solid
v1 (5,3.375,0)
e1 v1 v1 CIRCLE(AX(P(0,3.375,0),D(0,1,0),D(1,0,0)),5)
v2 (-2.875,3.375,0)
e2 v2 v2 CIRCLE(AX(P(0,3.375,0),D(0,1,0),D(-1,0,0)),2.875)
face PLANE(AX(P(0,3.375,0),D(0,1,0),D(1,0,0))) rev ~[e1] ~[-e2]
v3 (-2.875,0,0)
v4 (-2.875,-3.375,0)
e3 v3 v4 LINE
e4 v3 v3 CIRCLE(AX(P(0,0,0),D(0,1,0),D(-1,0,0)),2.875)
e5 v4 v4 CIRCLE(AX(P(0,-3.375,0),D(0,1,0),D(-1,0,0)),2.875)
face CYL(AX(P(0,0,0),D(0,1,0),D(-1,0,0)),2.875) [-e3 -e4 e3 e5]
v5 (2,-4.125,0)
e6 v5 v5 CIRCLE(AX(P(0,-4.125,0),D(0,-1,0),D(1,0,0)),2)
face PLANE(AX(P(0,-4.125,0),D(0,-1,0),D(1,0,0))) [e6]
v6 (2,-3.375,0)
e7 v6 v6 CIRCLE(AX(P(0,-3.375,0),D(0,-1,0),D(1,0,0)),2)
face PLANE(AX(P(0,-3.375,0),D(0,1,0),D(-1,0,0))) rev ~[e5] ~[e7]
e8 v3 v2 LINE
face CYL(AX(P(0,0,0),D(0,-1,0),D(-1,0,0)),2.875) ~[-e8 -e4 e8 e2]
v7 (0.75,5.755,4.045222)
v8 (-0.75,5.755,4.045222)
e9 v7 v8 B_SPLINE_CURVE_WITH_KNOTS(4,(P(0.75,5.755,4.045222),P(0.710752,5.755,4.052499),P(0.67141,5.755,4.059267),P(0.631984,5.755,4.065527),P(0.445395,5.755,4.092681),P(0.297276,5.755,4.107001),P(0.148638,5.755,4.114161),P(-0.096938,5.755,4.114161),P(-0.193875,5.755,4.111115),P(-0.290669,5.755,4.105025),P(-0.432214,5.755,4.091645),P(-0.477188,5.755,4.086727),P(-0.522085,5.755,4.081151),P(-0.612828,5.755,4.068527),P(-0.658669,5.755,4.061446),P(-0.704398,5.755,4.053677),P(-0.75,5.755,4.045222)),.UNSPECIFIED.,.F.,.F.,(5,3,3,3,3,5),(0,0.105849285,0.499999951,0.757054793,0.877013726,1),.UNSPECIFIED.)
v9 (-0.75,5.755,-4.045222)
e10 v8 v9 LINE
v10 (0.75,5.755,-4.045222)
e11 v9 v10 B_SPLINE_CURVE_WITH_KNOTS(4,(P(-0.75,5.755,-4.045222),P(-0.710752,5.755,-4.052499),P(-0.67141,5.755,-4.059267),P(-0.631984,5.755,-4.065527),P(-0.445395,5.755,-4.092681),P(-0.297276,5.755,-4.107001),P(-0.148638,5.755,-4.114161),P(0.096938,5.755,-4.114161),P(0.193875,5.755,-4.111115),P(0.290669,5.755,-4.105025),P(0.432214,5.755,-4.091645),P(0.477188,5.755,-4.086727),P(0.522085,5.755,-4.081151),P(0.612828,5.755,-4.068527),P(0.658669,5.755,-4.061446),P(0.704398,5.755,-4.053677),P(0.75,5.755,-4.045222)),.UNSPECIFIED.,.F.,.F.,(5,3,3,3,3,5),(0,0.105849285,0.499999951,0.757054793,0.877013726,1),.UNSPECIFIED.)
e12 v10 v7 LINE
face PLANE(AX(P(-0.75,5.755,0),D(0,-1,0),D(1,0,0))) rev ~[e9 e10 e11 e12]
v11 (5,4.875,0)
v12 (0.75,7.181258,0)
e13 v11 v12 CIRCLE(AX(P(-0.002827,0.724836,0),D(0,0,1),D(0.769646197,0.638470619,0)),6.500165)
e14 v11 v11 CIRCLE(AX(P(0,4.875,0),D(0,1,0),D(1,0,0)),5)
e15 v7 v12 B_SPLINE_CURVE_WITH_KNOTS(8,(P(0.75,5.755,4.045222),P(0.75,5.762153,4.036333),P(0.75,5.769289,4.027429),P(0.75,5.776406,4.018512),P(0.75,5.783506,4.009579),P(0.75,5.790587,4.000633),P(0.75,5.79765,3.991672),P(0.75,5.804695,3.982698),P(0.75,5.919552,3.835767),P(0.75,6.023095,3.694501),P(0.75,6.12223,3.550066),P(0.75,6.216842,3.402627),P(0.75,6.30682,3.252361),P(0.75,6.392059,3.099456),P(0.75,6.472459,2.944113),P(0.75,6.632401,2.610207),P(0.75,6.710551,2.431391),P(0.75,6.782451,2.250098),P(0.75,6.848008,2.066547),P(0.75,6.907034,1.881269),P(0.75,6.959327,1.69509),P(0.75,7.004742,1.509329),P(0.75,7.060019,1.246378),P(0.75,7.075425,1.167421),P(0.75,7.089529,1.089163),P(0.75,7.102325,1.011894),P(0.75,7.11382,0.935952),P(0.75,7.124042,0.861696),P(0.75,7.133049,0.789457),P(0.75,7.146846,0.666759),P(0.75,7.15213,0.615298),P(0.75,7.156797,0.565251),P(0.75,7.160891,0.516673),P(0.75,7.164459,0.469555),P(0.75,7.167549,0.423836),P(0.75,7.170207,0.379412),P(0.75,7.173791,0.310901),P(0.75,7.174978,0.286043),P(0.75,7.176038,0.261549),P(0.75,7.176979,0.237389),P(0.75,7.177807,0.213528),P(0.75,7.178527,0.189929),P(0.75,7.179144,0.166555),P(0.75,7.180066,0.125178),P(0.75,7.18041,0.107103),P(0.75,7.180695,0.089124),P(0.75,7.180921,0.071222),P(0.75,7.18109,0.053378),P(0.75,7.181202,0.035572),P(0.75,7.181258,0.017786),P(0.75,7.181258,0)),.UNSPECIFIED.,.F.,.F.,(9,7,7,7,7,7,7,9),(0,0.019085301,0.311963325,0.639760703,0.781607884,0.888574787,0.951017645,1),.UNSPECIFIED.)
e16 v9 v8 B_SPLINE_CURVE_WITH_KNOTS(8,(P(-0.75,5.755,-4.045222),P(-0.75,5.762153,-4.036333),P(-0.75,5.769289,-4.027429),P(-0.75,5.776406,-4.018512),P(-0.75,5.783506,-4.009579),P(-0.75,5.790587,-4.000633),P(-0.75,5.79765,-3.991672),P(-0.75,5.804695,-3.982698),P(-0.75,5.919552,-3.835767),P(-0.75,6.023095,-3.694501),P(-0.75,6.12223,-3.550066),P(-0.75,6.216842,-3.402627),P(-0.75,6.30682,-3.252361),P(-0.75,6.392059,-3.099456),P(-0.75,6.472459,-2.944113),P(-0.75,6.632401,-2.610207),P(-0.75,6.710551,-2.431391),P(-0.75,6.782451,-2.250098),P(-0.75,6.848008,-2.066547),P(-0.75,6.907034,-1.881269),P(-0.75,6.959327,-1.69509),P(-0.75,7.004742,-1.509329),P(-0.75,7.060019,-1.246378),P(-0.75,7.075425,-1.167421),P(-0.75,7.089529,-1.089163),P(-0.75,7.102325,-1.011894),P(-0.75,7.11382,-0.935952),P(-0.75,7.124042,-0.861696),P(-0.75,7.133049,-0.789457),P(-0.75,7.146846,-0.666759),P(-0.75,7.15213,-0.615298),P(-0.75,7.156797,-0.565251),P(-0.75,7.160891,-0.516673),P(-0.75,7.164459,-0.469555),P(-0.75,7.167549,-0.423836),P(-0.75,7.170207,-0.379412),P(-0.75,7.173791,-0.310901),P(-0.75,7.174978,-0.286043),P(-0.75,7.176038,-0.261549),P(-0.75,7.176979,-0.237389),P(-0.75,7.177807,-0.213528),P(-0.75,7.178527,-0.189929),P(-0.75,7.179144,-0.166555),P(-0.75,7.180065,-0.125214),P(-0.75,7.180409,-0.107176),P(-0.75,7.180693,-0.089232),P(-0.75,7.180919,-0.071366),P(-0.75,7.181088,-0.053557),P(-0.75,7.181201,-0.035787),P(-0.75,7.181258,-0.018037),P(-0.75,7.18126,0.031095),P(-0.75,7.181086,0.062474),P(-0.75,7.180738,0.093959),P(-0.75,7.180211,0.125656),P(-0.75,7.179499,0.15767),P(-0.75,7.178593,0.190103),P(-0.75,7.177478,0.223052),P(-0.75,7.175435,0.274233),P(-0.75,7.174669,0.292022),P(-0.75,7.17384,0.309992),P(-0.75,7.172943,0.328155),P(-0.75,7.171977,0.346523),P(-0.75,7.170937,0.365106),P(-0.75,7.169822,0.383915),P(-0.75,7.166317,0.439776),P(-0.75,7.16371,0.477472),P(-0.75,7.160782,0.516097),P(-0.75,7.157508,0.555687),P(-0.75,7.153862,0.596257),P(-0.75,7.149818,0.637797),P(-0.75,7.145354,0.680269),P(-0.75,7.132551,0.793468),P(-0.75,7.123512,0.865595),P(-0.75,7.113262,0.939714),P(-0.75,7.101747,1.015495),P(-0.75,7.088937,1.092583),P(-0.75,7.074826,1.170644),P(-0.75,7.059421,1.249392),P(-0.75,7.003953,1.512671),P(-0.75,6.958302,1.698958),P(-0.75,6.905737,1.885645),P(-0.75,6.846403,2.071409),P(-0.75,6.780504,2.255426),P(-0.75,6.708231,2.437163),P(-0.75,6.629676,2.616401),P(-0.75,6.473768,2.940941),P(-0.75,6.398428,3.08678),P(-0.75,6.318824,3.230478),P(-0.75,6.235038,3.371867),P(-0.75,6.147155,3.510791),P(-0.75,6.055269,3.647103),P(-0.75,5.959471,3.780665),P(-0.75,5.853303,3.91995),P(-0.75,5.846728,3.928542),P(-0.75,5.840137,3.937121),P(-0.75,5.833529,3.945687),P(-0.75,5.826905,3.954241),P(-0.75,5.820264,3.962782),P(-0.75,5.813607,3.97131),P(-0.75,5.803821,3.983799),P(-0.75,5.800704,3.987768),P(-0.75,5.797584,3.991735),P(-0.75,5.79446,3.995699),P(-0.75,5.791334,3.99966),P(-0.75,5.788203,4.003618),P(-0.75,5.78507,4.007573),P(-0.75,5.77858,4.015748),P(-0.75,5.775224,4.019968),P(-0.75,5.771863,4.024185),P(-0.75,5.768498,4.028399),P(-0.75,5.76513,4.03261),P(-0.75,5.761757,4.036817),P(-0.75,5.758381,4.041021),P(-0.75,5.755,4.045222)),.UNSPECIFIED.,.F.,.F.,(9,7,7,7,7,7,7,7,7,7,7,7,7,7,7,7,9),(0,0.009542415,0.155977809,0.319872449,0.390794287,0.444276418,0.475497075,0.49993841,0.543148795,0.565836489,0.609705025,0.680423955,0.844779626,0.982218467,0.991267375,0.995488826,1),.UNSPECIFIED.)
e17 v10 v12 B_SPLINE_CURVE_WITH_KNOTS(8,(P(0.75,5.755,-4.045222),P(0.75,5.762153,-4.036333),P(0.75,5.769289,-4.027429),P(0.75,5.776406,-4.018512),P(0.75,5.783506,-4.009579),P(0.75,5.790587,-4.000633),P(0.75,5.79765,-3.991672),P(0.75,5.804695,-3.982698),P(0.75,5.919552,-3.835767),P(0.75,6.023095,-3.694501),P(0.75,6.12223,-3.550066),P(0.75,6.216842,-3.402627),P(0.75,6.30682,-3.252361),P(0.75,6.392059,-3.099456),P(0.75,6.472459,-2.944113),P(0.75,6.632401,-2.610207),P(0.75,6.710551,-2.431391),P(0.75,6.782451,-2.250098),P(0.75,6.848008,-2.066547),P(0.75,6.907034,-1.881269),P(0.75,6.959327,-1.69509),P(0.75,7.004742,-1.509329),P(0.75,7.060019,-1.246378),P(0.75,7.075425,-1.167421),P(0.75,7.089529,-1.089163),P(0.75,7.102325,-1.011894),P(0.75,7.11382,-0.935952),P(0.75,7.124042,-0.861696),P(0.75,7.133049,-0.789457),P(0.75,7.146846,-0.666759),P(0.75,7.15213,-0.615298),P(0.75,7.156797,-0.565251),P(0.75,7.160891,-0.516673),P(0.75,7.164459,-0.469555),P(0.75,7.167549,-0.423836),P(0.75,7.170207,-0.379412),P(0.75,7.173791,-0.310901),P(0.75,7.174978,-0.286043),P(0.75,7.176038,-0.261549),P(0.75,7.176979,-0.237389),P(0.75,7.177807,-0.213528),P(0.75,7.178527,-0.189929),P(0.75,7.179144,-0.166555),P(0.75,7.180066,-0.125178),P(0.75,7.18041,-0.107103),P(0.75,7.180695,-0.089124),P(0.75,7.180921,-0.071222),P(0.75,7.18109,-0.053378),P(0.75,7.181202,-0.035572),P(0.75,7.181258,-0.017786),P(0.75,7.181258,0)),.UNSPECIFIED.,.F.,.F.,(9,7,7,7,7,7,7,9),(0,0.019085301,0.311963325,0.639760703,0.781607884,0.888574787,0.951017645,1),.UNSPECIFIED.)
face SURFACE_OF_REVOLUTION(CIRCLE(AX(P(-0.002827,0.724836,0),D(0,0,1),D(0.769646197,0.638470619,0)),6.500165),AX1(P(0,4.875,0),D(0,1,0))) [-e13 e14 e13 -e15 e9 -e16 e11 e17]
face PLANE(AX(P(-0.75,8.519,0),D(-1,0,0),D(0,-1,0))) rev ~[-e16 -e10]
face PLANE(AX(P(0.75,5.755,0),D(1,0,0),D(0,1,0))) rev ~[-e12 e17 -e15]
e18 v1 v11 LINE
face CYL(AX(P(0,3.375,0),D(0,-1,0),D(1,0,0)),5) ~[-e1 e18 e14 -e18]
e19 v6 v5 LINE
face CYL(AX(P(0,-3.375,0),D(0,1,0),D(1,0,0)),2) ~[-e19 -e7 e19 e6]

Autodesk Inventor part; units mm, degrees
ref_plane "YZ Plane" through (0, 0, 0) normal (1, 0, 0) x (0, 1, 0)
ref_plane "XZ Plane" through (0, 0, 0) normal (0, 1, 0) x (-1, 0, 0)
ref_plane "XY Plane" through (0, 0, 0) normal (0, 0, 1) x (1, 0, 0)
sketch "Sketch1" plane through (0, 0, 0) normal (0, 1, 0) x (-1, 0, 0)
  circle A0 centre (0, 0) radius 2.875
  dimension "d0" = 5.75
extrude "Extrusion1" add sketch "Sketch1" along normal mid plane 6.75
sketch "Sketch2" plane through (0, -3.375, 0) normal (0, -1, 0) x (1, 0, 0)
  circle A0 centre (0, 0) radius 2
  dimension "d3" = 4
extrude "Extrusion2" add sketch "Sketch2" along normal blind 0.75
sketch "Sketch3" plane through (0, 3.375, 0) normal (0, 1, 0) x (1, 0, 0)
  circle A0 centre (0, 0) radius 5
  dimension "d6" = 10
extrude "Extrusion3" add sketch "Sketch3" along normal blind 1.5
sketch "Sketch5" plane through (0, 0, 0) normal (0, 0, 1) x (1, 0, 0)
  line L0 (5, 4.875) -> (-5, 4.875) projected
  line L1 (0, 4.875) -> (0, 7.225)
  line L2 (0, 4.875) -> (5, 4.875)
  arc A0 (5, 4.875) -> (0, 7.225) centre (-0.0027, 0.725) ccw
  line L3 (0, 4.875) -> (0, 12.9944) construction
  point P0 (0, 0)
  dimension "d9" = 2.35
  dimension "d10" = 6.5
revolve "Revolution1" add sketch "Sketch5" angle 360 about axis through (0, 4.875, 0) along (0, 1, 0)
sketch "Sketch6" plane through (0, 0, 0) normal (0, 0, 1) x (1, 0, 0)
  line L0 (5, 4.875) -> (-5, 4.875) projected
  line L1 (0, 5.755) -> (0.75, 5.755)
  line L2 (0.75, 5.755) -> (0.75, 8.519)
  line L3 (0.75, 8.519) -> (-0.75, 8.519)
  line L4 (-0.75, 8.519) -> (-0.75, 5.755)
  line L5 (-0.75, 5.755) -> (0, 5.755)
  point P0 (0, 0)
  dimension "d13" = 0.75
  dimension "d14" = 1.5
extrude "Extrusion4" cut sketch "Sketch6" against normal mid plane 15
properties part number "Pieza 1 KAS" material "Steel, Galvanized"
